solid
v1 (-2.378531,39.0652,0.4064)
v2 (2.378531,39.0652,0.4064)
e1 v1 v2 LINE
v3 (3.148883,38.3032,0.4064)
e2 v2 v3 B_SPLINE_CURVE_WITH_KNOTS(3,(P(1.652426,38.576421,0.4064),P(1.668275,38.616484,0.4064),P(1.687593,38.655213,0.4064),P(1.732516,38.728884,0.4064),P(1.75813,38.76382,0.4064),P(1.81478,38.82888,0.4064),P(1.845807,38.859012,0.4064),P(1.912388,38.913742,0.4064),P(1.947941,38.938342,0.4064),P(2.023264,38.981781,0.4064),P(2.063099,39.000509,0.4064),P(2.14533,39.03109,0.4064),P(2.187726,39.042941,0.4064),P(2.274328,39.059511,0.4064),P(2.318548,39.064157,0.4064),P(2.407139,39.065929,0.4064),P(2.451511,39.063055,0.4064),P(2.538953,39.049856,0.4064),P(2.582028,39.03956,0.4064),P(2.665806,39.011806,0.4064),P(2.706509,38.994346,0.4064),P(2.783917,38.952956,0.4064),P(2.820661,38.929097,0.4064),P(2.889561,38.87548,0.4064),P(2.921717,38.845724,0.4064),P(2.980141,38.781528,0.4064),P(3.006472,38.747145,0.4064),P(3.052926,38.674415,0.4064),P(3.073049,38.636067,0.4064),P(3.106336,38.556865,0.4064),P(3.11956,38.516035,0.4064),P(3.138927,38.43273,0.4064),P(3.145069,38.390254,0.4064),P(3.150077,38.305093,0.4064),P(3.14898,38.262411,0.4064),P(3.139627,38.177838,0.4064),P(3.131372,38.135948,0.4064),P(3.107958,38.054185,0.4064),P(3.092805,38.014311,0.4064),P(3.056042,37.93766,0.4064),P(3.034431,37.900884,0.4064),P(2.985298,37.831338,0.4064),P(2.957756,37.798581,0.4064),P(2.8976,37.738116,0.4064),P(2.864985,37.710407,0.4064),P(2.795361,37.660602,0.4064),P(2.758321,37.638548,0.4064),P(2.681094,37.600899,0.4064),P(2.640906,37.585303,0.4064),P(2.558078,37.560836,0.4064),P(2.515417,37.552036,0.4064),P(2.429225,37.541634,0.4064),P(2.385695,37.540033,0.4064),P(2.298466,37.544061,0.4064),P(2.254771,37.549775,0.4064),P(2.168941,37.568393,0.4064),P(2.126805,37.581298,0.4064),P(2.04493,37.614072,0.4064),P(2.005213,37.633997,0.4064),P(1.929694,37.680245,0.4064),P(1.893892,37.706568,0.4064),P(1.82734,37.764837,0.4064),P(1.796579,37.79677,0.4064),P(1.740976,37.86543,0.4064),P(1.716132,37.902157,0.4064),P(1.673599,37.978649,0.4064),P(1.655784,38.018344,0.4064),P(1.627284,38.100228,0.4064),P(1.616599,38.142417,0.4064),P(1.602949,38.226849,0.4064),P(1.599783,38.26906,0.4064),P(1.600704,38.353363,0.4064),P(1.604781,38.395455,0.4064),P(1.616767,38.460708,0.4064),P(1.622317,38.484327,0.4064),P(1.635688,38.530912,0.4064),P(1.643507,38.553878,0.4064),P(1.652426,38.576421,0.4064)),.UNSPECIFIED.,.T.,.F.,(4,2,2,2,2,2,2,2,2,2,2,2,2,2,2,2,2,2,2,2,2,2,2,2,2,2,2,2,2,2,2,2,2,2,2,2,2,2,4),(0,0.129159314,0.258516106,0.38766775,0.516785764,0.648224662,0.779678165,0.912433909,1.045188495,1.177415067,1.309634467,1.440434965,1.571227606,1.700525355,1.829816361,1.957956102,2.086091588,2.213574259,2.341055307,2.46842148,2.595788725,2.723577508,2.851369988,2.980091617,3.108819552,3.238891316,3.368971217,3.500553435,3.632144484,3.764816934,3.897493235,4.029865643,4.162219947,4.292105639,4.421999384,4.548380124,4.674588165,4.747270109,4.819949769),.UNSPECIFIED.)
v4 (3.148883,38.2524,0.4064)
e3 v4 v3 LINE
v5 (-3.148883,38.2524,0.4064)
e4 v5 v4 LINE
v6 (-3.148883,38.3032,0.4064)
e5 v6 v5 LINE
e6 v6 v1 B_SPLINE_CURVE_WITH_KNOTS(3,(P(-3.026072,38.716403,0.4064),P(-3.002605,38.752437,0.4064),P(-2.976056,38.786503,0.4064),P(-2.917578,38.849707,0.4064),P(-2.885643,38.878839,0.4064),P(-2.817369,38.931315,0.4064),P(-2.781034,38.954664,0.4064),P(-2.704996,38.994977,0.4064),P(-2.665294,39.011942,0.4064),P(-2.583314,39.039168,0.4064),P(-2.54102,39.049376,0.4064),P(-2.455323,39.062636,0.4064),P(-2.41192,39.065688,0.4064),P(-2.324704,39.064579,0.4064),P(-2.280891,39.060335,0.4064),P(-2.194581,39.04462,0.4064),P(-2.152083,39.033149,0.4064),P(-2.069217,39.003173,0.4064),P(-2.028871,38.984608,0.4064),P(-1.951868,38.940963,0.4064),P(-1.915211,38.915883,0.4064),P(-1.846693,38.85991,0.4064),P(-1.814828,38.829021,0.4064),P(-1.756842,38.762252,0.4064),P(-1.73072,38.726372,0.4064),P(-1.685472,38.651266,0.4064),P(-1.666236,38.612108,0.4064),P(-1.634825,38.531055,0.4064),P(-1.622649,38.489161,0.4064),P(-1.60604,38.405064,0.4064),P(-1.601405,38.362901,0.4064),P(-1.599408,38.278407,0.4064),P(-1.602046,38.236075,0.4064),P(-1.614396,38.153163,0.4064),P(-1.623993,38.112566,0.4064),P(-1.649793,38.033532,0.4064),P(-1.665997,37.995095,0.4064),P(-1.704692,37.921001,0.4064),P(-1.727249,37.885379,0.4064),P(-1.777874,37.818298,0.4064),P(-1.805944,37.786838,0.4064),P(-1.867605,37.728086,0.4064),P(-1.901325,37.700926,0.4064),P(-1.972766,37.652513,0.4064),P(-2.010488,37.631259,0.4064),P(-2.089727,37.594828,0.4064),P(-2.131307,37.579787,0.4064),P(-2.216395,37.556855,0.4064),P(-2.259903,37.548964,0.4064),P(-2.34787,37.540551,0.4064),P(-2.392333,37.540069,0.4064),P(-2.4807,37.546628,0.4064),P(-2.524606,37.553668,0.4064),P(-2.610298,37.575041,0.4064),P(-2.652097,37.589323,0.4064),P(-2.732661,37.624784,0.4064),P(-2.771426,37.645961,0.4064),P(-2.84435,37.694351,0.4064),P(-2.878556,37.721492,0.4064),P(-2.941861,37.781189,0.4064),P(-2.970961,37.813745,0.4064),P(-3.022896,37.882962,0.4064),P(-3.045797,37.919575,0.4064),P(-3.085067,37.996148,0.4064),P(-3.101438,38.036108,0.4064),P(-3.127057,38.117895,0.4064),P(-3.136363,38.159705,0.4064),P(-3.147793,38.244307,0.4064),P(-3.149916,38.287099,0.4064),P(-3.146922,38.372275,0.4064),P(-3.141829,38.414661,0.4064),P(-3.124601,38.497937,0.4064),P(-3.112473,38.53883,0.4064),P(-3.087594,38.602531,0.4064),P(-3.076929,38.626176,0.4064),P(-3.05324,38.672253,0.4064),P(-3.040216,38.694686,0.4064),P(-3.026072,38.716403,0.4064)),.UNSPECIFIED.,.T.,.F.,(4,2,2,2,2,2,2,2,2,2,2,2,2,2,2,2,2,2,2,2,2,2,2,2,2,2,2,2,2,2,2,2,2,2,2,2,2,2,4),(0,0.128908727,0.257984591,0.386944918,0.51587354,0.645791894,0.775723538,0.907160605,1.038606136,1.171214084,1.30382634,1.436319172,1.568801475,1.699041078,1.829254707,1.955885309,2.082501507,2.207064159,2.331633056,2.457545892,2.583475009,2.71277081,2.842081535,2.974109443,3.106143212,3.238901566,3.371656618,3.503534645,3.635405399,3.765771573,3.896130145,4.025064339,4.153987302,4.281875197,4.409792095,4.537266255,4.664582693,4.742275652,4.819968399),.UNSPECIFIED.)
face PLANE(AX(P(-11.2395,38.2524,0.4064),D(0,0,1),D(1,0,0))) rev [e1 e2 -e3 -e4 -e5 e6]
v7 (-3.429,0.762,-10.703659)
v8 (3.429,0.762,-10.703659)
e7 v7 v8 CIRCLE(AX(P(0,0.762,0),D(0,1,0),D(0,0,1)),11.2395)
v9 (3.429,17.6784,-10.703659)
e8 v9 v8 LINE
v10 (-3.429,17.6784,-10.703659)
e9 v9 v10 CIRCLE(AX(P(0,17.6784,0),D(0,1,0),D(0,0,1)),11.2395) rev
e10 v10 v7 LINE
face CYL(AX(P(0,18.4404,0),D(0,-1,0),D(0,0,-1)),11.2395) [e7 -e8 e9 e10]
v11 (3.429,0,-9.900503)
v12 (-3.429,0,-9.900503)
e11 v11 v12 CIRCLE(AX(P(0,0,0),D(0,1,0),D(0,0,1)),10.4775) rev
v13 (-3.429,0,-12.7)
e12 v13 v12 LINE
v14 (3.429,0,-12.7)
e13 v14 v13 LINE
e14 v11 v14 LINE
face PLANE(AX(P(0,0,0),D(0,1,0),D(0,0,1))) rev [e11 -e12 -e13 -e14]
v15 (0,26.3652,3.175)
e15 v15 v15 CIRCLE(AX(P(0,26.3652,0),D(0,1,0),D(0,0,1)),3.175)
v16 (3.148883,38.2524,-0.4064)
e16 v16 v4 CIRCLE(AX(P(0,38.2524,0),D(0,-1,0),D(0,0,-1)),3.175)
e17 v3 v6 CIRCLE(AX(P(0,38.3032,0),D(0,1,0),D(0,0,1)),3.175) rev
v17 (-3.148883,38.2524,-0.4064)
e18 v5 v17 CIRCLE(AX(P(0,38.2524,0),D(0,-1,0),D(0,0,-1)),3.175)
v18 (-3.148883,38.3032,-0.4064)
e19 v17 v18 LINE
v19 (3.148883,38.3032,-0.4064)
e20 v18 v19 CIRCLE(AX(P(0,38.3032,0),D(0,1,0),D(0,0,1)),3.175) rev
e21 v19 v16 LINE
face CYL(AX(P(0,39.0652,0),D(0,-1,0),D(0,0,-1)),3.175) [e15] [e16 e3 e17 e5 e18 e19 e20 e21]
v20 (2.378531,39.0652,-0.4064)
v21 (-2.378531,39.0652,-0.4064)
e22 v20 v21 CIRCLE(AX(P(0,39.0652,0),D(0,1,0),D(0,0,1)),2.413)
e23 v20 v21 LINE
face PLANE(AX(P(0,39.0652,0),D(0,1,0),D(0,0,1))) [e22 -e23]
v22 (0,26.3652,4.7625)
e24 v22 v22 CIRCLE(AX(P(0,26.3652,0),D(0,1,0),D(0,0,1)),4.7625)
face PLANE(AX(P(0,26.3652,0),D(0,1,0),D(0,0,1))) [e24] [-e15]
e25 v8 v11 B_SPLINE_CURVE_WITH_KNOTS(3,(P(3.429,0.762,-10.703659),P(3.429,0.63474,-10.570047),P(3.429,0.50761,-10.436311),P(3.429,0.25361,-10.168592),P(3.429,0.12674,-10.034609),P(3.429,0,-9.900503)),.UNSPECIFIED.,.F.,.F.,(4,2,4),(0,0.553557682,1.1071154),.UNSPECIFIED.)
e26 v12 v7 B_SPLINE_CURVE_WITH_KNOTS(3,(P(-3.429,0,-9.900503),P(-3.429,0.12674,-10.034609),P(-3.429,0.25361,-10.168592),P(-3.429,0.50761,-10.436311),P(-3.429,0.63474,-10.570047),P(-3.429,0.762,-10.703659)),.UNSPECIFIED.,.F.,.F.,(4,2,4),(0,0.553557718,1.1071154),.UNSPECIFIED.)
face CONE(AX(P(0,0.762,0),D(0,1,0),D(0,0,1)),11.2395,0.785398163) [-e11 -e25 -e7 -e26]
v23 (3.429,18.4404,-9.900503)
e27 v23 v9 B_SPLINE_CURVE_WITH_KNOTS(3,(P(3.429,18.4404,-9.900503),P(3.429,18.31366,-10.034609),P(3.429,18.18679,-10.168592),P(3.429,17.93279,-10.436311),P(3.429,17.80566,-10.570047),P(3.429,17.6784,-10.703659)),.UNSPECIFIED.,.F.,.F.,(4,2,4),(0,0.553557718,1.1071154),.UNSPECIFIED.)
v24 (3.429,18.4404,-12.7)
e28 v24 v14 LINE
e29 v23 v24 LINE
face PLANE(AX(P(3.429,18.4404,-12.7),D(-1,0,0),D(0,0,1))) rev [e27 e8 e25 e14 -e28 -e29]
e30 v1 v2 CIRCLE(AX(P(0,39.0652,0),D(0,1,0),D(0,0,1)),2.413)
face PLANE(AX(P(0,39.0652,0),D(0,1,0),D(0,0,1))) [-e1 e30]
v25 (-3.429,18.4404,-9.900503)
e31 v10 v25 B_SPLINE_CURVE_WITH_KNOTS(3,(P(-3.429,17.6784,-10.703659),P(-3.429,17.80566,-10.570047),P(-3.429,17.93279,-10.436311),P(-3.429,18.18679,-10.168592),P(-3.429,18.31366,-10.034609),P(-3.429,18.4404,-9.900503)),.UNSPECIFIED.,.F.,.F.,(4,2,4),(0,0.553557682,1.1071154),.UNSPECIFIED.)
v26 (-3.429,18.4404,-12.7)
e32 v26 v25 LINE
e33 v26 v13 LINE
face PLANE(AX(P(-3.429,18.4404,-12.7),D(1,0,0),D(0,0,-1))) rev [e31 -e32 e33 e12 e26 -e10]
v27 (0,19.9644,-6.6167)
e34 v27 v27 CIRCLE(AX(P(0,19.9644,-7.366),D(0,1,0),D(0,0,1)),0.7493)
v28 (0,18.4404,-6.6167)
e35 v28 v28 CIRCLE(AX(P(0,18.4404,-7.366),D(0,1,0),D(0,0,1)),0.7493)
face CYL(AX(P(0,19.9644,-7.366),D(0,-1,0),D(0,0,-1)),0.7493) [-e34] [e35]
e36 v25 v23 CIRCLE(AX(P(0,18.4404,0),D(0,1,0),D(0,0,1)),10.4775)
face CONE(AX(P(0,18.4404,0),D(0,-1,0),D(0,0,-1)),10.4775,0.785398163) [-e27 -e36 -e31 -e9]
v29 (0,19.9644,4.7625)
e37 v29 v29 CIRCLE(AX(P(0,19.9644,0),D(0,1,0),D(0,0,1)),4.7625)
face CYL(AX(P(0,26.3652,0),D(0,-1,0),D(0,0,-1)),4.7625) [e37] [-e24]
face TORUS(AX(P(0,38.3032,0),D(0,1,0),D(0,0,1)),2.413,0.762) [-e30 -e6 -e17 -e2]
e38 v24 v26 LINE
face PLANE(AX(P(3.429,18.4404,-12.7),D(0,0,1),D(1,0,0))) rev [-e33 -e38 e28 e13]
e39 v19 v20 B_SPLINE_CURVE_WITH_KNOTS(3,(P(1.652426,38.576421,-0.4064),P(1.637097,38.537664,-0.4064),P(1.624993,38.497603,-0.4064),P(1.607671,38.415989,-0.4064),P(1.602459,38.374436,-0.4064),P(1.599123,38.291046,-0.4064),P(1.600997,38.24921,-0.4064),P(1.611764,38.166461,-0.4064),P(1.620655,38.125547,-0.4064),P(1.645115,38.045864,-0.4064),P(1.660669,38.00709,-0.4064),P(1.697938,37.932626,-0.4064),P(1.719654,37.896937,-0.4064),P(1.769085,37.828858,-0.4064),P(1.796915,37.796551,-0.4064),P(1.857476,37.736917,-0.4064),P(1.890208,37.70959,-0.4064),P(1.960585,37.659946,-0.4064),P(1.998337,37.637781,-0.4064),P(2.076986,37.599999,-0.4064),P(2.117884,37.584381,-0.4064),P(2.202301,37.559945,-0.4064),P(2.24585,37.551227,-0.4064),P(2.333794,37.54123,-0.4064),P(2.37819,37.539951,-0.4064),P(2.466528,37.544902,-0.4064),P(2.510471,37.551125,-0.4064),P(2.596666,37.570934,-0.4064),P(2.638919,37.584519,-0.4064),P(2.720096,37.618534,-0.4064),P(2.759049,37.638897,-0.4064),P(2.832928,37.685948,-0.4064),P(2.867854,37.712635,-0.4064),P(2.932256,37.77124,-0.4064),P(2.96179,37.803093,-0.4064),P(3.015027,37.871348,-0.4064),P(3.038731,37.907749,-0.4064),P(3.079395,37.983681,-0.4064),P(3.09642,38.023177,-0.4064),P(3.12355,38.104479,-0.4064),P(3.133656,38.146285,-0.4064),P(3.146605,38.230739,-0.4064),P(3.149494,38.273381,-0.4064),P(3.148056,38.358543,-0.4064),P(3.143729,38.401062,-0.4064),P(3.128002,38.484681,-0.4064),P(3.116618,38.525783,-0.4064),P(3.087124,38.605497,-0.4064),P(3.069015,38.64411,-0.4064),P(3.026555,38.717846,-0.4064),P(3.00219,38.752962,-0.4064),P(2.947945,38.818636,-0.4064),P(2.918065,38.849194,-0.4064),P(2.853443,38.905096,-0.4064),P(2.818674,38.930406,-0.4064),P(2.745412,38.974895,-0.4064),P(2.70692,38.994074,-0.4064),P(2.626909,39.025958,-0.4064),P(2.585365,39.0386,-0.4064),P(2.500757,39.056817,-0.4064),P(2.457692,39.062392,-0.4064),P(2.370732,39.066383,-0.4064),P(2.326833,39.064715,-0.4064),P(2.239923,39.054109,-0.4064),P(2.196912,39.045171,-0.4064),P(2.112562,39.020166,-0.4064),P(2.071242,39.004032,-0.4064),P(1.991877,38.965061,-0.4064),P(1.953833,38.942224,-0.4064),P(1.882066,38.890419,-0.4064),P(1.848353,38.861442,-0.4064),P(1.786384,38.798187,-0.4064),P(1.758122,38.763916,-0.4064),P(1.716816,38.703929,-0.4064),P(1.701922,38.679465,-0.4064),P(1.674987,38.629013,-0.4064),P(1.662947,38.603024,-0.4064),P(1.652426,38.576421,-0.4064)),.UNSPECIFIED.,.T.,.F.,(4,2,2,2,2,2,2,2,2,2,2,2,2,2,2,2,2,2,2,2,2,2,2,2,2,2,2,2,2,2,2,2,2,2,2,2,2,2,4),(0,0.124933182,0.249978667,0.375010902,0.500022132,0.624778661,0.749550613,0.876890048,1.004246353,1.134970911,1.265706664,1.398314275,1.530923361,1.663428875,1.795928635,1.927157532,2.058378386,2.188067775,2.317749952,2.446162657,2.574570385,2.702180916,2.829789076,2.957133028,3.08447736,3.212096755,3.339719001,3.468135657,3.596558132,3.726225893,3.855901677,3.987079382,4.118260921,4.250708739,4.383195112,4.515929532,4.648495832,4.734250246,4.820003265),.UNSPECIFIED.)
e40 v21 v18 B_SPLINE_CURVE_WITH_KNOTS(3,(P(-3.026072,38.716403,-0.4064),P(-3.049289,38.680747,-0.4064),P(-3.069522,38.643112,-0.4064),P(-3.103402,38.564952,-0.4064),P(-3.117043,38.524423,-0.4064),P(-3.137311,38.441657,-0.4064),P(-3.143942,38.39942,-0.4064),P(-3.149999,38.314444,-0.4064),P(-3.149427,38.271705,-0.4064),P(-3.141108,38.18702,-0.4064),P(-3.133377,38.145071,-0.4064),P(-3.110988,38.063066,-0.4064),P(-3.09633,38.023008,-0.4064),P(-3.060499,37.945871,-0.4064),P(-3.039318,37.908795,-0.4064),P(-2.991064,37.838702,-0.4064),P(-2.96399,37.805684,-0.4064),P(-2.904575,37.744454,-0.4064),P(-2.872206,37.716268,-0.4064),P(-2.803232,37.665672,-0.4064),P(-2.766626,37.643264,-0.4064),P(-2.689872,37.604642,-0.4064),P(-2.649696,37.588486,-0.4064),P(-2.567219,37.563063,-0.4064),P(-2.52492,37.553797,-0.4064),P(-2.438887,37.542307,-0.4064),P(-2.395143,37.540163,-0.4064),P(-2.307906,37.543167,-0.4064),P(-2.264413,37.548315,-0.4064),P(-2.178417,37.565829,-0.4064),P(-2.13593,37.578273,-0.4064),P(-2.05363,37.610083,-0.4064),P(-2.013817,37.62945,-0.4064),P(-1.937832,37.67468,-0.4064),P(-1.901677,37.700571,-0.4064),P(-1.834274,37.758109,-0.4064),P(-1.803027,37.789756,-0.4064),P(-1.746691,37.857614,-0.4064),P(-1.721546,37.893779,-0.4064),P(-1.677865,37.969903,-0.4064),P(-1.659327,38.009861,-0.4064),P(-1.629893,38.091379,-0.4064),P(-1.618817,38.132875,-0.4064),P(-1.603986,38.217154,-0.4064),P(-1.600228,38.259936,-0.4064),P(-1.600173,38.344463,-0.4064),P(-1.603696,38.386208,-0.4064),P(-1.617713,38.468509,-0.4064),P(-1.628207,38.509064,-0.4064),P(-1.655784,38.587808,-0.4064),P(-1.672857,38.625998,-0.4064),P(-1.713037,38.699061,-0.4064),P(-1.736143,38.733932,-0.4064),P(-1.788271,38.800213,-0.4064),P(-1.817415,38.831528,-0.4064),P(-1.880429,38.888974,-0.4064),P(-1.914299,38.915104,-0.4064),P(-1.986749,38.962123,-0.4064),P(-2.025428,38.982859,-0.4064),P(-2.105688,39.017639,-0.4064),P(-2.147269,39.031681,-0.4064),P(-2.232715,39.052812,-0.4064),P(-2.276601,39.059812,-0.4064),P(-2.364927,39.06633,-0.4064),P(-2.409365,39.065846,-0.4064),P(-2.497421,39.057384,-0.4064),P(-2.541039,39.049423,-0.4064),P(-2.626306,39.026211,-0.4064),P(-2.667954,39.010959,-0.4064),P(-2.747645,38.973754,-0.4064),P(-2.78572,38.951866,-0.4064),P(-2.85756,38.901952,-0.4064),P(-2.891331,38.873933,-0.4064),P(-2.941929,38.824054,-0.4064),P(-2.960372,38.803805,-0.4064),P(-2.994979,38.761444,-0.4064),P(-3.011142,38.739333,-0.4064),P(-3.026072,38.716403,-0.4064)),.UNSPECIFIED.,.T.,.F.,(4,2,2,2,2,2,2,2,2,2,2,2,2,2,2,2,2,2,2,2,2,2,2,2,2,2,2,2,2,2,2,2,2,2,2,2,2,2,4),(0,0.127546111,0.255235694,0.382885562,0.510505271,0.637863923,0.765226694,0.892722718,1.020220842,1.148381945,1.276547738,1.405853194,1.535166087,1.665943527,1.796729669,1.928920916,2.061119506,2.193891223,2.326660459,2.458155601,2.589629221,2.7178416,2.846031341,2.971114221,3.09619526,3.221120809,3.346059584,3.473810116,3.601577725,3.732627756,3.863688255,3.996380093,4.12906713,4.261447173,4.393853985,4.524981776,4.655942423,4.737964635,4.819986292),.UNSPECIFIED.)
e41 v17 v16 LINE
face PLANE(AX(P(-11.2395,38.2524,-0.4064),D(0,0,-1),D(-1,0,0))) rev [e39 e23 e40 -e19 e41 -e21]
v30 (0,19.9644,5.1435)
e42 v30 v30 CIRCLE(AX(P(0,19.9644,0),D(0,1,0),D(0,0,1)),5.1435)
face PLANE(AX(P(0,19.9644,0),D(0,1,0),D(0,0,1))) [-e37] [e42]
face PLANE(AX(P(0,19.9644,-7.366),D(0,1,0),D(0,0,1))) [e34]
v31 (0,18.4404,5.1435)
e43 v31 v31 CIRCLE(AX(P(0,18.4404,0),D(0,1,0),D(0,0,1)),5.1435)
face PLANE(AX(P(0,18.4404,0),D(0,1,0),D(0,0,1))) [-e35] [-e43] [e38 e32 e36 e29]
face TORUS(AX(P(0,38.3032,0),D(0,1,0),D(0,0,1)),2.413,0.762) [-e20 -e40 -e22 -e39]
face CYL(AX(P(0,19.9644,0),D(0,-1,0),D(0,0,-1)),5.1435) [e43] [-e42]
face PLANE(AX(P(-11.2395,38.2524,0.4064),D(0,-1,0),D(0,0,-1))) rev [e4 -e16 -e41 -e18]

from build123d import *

# Parameters (mm, degrees)
BODY_DEPTH          = 18.4404
SKETCH3_R           = 5.1435
SKETCH3_R_2         = 0.7493
BOSS_EXTRUDE2_DEPTH = 1.524
SKETCH4_R           = 4.7625
MOUNT_LUG_DEPTH     = 6.4008
SKETCH5_R           = 3.175
SHAFT_DEPTH         = 12.7
FILLET1_R           = 0.762
SKETCH6_W           = 0.8128
SKETCH6_H           = 1.6256
ADJ_SLOT_DEPTH      = 12.2395
ADJ_SLOT_DEPTH_BACK = 12.2395
CHAMFER1_SIZE       = 0.762


with BuildPart() as part:
    # Sketch1 → Body (new body)
    with BuildSketch(Plane(origin=(0, 0, 0), x_dir=(1, 0, 0), z_dir=(0, 1, 0))):
        with BuildLine():
            Line((3.429, 12.7), (-3.429, 12.7))
            Line((-3.429, 12.7), (-3.429, 10.703659152))
            ThreePointArc((-3.429, 10.703659152), (0, -11.2395), (3.429, 10.703659152))
            Line((3.429, 10.703659152), (3.429, 12.7))
        make_face()
    extrude(amount=BODY_DEPTH)

    # Sketch3 → Boss-Extrude2 (add)
    with BuildSketch(Plane(origin=(0, 18.4404, 0), x_dir=(1, 0, 0), z_dir=(0, 1, 0))):
        Circle(SKETCH3_R)
        with Locations((0, 7.366)):
            Circle(SKETCH3_R_2)
    extrude(amount=BOSS_EXTRUDE2_DEPTH)

    # Sketch4 → Mount Lug (add)
    with BuildSketch(Plane(origin=(0, 19.9644, 0), x_dir=(1, 0, 0), z_dir=(0, 1, 0))):
        Circle(SKETCH4_R)
    extrude(amount=MOUNT_LUG_DEPTH)

    # Sketch5 → Shaft (add)
    with BuildSketch(Plane(origin=(0, 26.3652, 0), x_dir=(1, 0, 0), z_dir=(0, 1, 0))):
        Circle(SKETCH5_R)
    extrude(amount=SHAFT_DEPTH)

    # Fillet1
    fillet1_edges = [part.edges().sort_by_distance(p)[0] for p in [
        (-3.175, 39.0652, 0),
    ]]
    fillet(fillet1_edges, radius=FILLET1_R)

    # Sketch6 → Adj. slot (cut, two sides)
    with BuildSketch(Plane(origin=(0, 0, 0), x_dir=(0, 0, -1), z_dir=(1, 0, 0))) as adj_slot_sk:
        with Locations((0, 39.0652)):
            Rectangle(SKETCH6_W, SKETCH6_H)
    extrude(amount=ADJ_SLOT_DEPTH, mode=Mode.SUBTRACT)
    extrude(adj_slot_sk.sketch, amount=-ADJ_SLOT_DEPTH_BACK, mode=Mode.SUBTRACT)

    # Chamfer1
    chamfer1_edges = [part.edges().sort_by_distance(p)[0] for p in [
        (0, 18.4404, 11.2395),
        (0, 0, 11.2395),
    ]]
    chamfer(chamfer1_edges, length=CHAMFER1_SIZE)


solid = part.part
